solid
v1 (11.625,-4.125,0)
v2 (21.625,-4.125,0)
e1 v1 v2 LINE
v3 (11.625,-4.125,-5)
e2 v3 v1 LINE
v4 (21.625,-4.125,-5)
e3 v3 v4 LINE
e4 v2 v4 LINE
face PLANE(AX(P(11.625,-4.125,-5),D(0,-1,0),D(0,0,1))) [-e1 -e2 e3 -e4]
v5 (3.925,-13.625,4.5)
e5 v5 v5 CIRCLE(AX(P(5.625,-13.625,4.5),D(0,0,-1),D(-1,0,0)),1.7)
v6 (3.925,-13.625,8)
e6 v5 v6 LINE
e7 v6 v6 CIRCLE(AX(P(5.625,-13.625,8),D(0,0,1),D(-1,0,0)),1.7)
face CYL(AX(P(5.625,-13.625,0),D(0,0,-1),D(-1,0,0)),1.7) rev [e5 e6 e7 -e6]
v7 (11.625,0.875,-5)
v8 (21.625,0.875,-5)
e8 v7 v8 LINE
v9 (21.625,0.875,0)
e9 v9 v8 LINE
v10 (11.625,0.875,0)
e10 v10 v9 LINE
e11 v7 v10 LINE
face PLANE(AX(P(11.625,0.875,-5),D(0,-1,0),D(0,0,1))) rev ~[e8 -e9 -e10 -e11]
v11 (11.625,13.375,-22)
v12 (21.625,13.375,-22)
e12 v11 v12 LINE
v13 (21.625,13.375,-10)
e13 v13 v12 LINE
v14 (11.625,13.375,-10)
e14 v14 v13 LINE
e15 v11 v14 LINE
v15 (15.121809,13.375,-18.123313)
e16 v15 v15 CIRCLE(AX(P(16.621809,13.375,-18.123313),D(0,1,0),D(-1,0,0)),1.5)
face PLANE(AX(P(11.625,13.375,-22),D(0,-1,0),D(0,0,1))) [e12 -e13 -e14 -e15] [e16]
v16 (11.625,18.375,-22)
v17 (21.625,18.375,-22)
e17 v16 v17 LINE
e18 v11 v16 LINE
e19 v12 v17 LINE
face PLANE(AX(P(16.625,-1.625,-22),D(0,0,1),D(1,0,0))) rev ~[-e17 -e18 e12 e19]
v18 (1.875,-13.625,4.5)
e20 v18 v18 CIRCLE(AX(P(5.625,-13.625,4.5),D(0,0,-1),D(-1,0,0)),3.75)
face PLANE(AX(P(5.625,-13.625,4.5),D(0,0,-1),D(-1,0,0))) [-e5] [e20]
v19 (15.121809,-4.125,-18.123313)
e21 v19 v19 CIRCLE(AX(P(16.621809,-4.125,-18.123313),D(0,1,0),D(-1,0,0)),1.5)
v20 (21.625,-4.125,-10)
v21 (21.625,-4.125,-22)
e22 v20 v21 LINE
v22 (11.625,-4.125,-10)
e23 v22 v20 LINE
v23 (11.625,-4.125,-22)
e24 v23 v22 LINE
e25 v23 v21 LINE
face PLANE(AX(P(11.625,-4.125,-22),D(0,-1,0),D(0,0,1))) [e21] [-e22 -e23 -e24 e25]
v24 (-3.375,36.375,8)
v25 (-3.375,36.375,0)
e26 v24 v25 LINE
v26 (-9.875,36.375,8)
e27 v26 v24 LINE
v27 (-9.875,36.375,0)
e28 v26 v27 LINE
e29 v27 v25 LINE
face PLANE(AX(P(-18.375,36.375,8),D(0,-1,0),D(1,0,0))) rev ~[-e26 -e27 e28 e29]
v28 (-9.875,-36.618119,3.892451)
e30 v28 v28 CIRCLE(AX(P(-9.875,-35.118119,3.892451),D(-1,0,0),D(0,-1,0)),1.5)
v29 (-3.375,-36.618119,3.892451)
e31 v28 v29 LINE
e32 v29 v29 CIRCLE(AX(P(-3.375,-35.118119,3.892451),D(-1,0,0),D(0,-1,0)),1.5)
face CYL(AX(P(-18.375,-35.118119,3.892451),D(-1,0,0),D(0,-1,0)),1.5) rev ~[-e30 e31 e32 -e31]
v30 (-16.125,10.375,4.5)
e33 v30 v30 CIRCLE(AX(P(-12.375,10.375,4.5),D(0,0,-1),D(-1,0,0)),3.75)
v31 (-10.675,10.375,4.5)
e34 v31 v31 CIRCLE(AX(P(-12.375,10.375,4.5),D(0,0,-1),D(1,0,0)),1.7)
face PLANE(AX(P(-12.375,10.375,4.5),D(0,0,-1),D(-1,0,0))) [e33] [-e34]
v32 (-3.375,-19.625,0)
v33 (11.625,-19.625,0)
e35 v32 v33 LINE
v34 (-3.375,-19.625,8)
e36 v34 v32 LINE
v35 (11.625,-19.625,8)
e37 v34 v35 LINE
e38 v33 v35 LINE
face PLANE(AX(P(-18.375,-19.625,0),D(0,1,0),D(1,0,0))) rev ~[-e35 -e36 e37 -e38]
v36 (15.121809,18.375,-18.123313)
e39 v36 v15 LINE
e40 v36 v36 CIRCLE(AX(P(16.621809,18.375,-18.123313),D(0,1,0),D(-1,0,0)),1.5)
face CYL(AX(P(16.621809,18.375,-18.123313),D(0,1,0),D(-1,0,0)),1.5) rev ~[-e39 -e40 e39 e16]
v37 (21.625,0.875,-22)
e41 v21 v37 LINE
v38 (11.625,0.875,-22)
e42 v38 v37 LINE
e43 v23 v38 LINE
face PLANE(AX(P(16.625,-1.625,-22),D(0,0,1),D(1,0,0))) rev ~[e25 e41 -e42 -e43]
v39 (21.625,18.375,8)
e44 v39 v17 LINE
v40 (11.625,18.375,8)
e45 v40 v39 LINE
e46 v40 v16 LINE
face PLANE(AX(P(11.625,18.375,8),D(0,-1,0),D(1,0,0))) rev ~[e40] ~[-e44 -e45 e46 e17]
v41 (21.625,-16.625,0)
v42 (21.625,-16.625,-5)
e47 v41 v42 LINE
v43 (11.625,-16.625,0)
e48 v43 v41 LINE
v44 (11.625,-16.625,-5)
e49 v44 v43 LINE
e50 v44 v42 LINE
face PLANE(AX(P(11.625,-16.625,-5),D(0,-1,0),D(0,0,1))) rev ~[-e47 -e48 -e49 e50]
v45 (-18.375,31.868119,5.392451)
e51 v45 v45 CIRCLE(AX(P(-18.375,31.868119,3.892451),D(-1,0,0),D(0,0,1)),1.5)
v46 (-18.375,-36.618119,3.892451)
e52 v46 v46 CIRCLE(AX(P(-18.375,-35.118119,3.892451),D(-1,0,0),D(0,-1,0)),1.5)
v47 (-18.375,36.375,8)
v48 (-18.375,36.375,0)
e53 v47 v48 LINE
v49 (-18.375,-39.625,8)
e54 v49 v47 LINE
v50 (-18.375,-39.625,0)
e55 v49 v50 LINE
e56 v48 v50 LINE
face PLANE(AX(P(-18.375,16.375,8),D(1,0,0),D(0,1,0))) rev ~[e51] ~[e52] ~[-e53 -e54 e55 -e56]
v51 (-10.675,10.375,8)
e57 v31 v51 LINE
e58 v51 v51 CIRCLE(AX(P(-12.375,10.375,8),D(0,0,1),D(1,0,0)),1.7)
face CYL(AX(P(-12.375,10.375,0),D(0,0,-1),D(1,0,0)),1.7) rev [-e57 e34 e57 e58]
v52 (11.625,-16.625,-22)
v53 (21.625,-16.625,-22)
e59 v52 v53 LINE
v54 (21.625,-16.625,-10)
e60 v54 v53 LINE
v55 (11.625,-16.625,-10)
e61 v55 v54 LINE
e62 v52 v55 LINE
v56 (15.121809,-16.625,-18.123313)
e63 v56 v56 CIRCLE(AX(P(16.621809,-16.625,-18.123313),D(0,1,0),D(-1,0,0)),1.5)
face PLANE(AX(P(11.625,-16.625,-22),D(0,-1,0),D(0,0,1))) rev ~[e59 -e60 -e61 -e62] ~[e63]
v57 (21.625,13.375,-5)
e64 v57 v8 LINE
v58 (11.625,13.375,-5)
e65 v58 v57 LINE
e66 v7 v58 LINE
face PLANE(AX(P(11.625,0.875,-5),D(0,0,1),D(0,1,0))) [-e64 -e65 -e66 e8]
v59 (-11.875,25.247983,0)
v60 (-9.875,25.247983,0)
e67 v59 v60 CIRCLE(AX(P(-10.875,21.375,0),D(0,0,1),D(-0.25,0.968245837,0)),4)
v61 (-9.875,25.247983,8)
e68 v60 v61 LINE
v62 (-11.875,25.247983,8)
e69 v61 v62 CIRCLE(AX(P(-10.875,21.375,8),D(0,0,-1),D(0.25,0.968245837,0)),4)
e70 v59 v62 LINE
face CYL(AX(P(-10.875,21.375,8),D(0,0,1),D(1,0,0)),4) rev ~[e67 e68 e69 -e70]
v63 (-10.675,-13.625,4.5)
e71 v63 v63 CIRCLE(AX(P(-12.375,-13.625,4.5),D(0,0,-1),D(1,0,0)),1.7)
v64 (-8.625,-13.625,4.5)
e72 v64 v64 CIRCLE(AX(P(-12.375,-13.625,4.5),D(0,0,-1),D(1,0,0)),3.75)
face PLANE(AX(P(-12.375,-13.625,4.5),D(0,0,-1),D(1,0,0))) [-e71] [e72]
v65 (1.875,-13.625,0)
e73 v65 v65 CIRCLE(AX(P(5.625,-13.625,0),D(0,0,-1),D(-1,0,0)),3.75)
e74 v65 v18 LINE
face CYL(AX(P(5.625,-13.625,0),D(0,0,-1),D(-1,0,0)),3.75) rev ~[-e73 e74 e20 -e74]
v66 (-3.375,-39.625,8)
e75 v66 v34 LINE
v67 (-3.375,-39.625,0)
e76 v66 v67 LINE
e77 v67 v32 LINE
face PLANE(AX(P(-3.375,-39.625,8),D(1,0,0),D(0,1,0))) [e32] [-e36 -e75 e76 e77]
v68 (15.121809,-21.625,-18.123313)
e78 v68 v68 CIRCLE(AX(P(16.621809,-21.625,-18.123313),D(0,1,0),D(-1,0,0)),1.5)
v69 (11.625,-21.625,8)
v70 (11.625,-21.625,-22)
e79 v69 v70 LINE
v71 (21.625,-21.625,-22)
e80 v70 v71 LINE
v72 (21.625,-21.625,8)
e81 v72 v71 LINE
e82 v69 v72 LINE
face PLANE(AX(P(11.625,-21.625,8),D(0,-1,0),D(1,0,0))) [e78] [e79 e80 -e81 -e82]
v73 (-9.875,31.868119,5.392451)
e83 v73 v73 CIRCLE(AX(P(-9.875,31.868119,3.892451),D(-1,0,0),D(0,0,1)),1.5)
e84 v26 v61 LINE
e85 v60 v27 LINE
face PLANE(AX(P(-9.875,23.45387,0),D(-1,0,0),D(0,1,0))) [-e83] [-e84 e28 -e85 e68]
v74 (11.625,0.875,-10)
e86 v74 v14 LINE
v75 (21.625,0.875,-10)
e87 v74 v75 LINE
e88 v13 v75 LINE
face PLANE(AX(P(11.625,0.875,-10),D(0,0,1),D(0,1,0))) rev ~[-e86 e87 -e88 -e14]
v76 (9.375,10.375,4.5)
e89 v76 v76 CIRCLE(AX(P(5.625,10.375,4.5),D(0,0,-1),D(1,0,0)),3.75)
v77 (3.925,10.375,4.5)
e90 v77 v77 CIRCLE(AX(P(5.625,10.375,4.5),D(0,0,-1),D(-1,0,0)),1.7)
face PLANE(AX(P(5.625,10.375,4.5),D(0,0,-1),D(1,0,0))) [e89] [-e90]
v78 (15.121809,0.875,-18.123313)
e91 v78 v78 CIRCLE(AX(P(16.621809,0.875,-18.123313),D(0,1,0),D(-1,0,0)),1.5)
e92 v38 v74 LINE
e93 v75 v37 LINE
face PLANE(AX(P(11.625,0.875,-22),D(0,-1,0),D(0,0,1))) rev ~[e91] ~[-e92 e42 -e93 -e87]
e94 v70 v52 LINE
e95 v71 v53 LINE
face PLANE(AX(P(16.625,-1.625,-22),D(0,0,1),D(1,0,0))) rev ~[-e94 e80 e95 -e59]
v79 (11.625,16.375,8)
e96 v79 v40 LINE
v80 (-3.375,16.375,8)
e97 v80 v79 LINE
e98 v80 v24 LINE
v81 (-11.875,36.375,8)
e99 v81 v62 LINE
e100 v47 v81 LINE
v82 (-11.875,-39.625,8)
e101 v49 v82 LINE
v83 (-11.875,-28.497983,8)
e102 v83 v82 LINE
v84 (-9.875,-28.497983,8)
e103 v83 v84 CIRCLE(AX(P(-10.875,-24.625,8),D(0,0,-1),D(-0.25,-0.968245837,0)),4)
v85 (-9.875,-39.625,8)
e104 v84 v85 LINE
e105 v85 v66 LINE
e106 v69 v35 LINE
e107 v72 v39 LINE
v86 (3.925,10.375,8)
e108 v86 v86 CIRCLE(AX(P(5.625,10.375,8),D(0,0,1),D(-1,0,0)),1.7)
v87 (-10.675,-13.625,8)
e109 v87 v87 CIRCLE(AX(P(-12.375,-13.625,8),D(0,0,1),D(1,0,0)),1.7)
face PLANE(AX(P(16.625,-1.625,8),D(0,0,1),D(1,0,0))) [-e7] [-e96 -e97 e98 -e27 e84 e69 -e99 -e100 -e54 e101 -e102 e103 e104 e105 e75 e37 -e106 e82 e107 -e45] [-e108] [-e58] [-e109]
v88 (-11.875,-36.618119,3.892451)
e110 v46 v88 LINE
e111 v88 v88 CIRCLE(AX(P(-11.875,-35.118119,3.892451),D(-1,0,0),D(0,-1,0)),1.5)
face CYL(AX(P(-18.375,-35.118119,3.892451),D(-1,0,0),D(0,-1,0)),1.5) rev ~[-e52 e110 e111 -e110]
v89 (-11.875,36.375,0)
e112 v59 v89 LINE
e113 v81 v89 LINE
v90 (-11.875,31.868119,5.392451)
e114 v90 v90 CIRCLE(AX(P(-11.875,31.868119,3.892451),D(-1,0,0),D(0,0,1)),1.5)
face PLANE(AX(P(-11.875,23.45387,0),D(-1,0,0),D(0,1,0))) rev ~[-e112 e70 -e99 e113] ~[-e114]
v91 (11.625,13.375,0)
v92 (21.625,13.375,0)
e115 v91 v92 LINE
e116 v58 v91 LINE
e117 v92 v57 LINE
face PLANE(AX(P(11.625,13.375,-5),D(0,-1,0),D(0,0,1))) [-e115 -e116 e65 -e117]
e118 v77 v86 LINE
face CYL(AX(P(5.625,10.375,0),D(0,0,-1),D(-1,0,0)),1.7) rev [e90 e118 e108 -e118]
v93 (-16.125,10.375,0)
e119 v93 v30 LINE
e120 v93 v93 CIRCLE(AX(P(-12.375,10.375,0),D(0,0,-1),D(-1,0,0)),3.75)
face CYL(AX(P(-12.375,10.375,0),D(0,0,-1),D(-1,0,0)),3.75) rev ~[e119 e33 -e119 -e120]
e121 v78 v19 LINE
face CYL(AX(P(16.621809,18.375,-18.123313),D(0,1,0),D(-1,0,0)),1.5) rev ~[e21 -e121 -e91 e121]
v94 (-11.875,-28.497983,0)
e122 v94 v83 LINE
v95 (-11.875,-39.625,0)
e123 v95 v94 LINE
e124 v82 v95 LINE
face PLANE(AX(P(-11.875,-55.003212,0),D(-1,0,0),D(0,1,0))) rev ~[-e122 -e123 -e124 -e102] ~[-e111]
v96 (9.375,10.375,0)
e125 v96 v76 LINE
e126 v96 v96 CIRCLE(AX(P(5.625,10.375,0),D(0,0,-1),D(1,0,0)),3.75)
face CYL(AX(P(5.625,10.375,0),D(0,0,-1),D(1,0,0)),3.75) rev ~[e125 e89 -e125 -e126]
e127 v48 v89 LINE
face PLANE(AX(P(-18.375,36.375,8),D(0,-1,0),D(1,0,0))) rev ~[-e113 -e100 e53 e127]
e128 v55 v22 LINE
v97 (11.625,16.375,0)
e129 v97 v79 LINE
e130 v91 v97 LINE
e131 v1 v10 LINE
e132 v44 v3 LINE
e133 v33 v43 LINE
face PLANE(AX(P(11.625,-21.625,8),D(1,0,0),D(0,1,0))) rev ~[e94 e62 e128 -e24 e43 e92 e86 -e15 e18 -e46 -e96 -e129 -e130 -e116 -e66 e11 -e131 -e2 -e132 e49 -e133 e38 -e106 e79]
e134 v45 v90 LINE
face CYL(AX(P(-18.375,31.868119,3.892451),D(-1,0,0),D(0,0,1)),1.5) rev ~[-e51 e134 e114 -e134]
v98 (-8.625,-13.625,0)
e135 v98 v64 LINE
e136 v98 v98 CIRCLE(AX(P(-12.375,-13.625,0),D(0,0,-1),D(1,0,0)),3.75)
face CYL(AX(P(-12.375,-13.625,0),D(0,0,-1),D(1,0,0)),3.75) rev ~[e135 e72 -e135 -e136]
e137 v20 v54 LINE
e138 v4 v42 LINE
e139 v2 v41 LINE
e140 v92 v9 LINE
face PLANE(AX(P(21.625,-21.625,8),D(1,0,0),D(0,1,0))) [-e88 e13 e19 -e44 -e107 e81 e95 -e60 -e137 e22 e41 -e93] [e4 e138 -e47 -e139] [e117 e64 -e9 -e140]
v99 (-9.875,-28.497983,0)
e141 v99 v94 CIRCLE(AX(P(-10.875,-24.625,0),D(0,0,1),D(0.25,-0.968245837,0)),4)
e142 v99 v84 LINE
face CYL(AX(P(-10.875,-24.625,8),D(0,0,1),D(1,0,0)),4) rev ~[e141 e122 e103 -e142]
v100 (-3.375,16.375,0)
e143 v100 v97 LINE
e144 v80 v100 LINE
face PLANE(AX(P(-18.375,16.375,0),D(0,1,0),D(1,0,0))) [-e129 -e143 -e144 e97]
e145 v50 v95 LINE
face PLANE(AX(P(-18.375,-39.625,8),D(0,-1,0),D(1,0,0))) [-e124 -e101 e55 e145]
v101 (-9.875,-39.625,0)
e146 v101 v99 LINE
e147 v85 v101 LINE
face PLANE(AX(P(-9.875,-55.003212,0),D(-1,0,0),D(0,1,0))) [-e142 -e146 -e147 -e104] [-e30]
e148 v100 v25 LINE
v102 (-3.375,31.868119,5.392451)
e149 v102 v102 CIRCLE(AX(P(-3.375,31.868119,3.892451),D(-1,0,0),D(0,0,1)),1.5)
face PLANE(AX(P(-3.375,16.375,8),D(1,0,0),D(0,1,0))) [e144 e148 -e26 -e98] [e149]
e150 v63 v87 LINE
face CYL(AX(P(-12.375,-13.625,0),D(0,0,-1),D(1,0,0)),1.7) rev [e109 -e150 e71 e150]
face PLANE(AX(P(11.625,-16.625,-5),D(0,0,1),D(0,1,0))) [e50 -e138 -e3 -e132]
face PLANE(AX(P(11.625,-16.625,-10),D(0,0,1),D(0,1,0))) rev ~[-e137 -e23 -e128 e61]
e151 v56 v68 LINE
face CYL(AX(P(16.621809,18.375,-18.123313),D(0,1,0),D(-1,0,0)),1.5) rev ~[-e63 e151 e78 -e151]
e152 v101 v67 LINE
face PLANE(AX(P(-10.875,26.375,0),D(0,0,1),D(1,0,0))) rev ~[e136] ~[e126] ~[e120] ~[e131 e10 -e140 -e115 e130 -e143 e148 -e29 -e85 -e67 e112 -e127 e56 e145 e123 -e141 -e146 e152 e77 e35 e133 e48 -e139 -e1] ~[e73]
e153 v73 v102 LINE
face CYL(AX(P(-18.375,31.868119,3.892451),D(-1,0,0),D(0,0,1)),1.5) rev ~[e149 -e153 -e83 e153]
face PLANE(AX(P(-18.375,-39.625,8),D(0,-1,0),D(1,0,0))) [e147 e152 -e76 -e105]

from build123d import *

# Parameters (mm, degrees)
SKETCH_1_W          = 30
SKETCH_1_H          = 36
SKETCH_1_R          = 1.7
EXTRUDE_1_DEPTH     = 8
SKETCH_2_R          = 3.75
CUT_EXTRUDE_1_DEPTH = 4.5
SKETCH_3_W          = 15
SKETCH_3_H          = 20
SKETCH_3_R          = 4
EXTRUDE_4_DEPTH     = 8
SKETCH_8_W          = 10
SKETCH_8_H          = 40
EXTRUDE_5_DEPTH     = 30
SKETCH_10_W         = 12
SKETCH_10_H         = 12.5
SKETCH_10_W_2       = 5
CUT_EXTRUDE_4_DEPTH = 30
SKETCH_11_R         = 1.5
CUT_EXTRUDE_5_DEPTH = 47
SKETCH_12_W         = 2
SKETCH_12_H         = 25.842259392
SKETCH_12_H_2       = 30.756424204
CUT_EXTRUDE_6_DEPTH = 10
SKETCH_13_R         = 1.5
CUT_EXTRUDE_7_DEPTH = 40


with BuildPart() as part:
    # 草图1 → 凸台-拉伸1 (new body)
    with BuildSketch(Plane.XY):
        with Locations((-3.375, -1.625)):
            Rectangle(SKETCH_1_W, SKETCH_1_H)
        with Locations((-12.375, 10.375)):
            Circle(SKETCH_1_R, mode=Mode.SUBTRACT)
        with Locations((-12.375, -13.625)):
            Circle(SKETCH_1_R, mode=Mode.SUBTRACT)
        with Locations(Location((5.625, -13.625, 0), (0, 0, 180))):
            Circle(SKETCH_1_R, mode=Mode.SUBTRACT)
        with Locations(Location((5.625, 10.375, 0), (0, 0, 180))):
            Circle(SKETCH_1_R, mode=Mode.SUBTRACT)
    extrude(amount=EXTRUDE_1_DEPTH)

    # 草图2 → 切除-拉伸1 (cut)
    with BuildSketch(Plane(origin=(0, 0, 0), x_dir=(-1, 0, 0), z_dir=(0, 0, -1))):
        with Locations((12.375, 10.375)):
            Circle(SKETCH_2_R)
        with Locations(Location((-5.625, 10.375, 0), (0, 0, 180))):
            Circle(SKETCH_2_R)
        with Locations(Location((12.375, -13.625, 0), (0, 0, 180))):
            Circle(SKETCH_2_R)
        with Locations((-5.625, -13.625)):
            Circle(SKETCH_2_R)
    extrude(amount=-CUT_EXTRUDE_1_DEPTH, mode=Mode.SUBTRACT)

    # 草图3 → 凸台-拉伸4 (add)
    # profile 1 of 2: a face of its own
    with BuildSketch(Plane.XY.offset(8)):
        with Locations((-10.875, 26.375)):
            Rectangle(SKETCH_3_W, SKETCH_3_H)
        with Locations((-10.875, 21.375)):
            Circle(SKETCH_3_R, mode=Mode.SUBTRACT)
    # profile 2 of 2: a face of its own
    with BuildSketch(Plane.XY.offset(8)):
        with Locations((-10.875, -29.625)):
            Rectangle(SKETCH_3_W, SKETCH_3_H)
        with Locations((-10.875, -24.625)):
            Circle(SKETCH_3_R, mode=Mode.SUBTRACT)
    extrude(amount=-EXTRUDE_4_DEPTH)

    # 草图8 → 凸台-拉伸5 (add)
    with BuildSketch(Plane.XY.offset(8)):
        with Locations((16.625, -1.625)):
            Rectangle(SKETCH_8_W, SKETCH_8_H)
    extrude(amount=-EXTRUDE_5_DEPTH)

    # 草图10 → 切除-拉伸4 (cut)
    with BuildSketch(Plane.ZY.offset(-11.625)):
        with Locations((-16, 7.125)):
            Rectangle(SKETCH_10_W, SKETCH_10_H)
        with Locations((-2.5, 7.125)):
            Rectangle(SKETCH_10_W_2, SKETCH_10_H)
        with Locations((-2.5, -10.375)):
            Rectangle(SKETCH_10_W_2, SKETCH_10_H)
        with Locations((-16, -10.375)):
            Rectangle(SKETCH_10_W, SKETCH_10_H)
    extrude(amount=-CUT_EXTRUDE_4_DEPTH, mode=Mode.SUBTRACT)

    # 草图11 → 切除-拉伸5 (cut)
    with BuildSketch(Plane(origin=(0, 18.375, 0), x_dir=(1, 0, 0), z_dir=(0, 1, 0))):
        with Locations(Location((16.621809271, 18.123313308, 0), (0, 0, 180))):
            Circle(SKETCH_11_R)
    extrude(amount=-CUT_EXTRUDE_5_DEPTH, mode=Mode.SUBTRACT)

    # 草图12 → 切除-拉伸6 (cut)
    with BuildSketch(Plane(origin=(0, 0, 0), x_dir=(-1, 0, 0), z_dir=(0, 0, -1))):
        with Locations((10.875, 36.375)):
            Rectangle(SKETCH_12_W, SKETCH_12_H)
        with Locations((10.875, -39.625)):
            Rectangle(SKETCH_12_W, SKETCH_12_H_2)
    extrude(amount=-CUT_EXTRUDE_6_DEPTH, mode=Mode.SUBTRACT)

    # 草图13 → 切除-拉伸7 (cut)
    with BuildSketch(Plane.ZY.offset(18.375)):
        with Locations((3.892451488, 31.868119268)):
            Circle(SKETCH_13_R)
        with Locations(Location((3.892451488, -35.118119268, 0), (0, 0, 270))):
            Circle(SKETCH_13_R)
    extrude(amount=-CUT_EXTRUDE_7_DEPTH, mode=Mode.SUBTRACT)


solid = part.part
